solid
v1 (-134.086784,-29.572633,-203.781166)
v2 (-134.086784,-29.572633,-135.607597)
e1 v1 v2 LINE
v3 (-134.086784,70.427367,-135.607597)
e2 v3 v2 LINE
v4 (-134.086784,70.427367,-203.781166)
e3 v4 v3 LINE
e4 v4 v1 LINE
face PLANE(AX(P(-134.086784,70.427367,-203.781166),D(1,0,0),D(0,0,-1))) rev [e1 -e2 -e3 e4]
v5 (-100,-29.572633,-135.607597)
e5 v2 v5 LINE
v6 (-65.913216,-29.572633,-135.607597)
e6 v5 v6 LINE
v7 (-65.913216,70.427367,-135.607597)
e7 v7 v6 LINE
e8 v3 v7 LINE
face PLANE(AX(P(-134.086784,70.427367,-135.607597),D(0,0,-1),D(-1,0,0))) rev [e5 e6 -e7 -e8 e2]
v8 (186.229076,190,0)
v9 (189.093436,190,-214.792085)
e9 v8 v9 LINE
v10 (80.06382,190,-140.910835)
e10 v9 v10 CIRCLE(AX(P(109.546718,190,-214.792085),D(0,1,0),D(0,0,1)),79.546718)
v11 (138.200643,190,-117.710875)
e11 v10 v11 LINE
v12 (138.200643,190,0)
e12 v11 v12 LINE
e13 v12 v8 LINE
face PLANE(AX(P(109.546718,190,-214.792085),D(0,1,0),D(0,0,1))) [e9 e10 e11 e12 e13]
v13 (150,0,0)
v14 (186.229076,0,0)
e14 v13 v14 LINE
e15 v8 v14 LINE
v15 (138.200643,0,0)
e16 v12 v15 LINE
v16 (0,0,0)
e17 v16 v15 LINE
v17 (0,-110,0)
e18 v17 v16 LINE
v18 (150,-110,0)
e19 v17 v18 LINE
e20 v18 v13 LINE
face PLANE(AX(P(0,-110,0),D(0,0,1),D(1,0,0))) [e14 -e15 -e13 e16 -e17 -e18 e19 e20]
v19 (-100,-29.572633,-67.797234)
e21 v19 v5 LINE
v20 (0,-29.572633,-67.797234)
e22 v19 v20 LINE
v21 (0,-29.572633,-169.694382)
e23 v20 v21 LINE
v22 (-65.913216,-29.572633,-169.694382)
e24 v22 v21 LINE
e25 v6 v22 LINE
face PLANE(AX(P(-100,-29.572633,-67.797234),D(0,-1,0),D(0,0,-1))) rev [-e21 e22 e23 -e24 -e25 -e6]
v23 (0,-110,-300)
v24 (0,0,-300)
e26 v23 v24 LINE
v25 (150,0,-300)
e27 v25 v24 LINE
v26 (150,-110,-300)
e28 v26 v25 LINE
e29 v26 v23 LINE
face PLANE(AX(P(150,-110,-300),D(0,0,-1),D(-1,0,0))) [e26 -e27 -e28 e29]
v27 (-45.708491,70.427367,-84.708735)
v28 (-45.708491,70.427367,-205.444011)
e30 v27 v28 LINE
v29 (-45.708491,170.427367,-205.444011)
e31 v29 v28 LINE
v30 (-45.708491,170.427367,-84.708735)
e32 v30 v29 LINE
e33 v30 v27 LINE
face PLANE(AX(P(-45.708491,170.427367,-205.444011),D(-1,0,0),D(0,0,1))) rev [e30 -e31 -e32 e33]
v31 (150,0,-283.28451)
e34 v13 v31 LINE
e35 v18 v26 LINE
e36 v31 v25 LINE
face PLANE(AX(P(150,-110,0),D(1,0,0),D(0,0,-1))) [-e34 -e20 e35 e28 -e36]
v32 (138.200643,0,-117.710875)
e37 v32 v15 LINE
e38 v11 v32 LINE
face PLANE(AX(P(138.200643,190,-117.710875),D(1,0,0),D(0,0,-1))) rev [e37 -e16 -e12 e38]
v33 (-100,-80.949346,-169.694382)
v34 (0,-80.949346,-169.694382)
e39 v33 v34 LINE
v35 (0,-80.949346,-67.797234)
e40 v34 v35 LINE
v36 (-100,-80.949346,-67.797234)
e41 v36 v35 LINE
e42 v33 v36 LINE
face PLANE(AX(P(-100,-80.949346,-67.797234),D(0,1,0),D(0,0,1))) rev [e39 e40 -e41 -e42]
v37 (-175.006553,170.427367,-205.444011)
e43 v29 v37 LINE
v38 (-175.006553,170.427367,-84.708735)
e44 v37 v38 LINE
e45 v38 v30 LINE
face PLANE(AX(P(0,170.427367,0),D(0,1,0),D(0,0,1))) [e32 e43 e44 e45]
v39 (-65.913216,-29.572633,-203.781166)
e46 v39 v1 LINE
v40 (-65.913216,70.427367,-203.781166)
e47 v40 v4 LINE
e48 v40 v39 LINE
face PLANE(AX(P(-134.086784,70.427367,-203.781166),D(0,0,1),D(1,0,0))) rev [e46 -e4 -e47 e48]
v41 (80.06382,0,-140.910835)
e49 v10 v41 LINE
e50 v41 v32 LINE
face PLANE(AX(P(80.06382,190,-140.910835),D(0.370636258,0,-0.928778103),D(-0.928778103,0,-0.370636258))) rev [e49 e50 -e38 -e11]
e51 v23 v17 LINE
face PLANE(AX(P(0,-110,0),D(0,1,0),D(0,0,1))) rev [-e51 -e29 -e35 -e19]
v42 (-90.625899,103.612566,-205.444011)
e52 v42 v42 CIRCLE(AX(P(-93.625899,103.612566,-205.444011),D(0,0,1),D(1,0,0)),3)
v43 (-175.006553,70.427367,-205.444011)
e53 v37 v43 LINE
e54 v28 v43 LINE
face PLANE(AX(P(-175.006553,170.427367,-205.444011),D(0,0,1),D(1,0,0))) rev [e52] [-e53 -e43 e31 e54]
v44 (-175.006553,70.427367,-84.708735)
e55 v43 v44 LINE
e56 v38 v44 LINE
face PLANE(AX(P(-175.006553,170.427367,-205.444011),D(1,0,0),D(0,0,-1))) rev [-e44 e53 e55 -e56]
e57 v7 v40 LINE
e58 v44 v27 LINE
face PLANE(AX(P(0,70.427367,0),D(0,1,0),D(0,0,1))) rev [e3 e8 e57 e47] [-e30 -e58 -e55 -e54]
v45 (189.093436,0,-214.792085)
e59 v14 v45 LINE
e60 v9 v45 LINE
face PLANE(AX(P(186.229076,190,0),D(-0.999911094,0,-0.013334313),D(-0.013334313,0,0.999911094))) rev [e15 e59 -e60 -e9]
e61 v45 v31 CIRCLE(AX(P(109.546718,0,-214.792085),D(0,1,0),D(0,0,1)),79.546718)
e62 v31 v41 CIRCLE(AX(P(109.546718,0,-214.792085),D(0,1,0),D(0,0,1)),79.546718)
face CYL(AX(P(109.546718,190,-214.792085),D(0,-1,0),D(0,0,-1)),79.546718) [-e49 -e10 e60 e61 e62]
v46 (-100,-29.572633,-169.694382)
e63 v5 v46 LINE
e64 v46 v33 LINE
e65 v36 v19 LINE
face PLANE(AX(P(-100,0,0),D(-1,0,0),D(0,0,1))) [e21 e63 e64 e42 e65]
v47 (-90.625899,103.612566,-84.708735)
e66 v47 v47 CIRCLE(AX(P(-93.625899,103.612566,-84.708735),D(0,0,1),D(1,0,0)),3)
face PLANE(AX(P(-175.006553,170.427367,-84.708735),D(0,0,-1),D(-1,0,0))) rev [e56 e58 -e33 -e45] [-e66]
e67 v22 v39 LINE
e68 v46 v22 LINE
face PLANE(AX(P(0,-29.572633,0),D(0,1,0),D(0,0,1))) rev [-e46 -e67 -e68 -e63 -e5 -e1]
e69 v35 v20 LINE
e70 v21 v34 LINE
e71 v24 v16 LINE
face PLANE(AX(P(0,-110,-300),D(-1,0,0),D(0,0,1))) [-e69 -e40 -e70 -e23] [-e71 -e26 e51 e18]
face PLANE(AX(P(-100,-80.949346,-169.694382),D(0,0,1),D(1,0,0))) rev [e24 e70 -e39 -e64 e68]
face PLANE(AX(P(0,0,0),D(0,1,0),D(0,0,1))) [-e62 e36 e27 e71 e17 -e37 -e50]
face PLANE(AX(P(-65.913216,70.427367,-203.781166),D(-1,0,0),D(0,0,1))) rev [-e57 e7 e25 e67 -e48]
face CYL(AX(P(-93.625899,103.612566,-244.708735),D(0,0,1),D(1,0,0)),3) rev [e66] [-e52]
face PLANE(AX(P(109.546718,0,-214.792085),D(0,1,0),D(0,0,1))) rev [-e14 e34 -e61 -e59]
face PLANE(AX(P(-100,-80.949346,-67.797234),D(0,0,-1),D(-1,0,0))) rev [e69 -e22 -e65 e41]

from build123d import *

# Parameters (mm, degrees)
SKETCH1_W           = 150
SKETCH1_H           = 300
BOSS_EXTRUDE1_DEPTH = 110
BOSS_EXTRUDE2_DEPTH = 190
SKETCH3_W           = 101.897148024
SKETCH3_H           = 51.376713289
BOSS_EXTRUDE3_DEPTH = 100
SKETCH4_W           = 68.173568538
SKETCH4_H           = 68.173568538
BOSS_EXTRUDE4_DEPTH = 100
SKETCH5_W           = 129.298061779
SKETCH5_H           = 120.735276231
BOSS_EXTRUDE5_DEPTH = 100
SKETCH6_R           = 3
CUT_EXTRUDE1_DEPTH  = 160


with BuildPart() as part:
    # Sketch1 → Boss-Extrude1 (new body)
    with BuildSketch(Plane(origin=(0, 0, 0), x_dir=(1, 0, 0), z_dir=(0, 1, 0))):
        with Locations((75, 150)):
            Rectangle(SKETCH1_W, SKETCH1_H)
    extrude(amount=-BOSS_EXTRUDE1_DEPTH)

    # Sketch2 → Boss-Extrude2 (add)
    with BuildSketch(Plane(origin=(0, 0, 0), x_dir=(1, 0, 0), z_dir=(0, 1, 0))):
        with BuildLine():
            Line((80.063819978, 140.910835022), (138.200643085, 117.710875285))
            Line((138.200643085, 117.710875285), (138.200643085, 0))
            Line((138.200643085, 0), (186.229076195, 0))
            Line((186.229076195, 0), (189.093435683, 214.792084693))
            ThreePointArc((189.093435683, 214.792084693), (64.923783369, 280.6439946), (80.063819978, 140.910835022))
        make_face()
    extrude(amount=BOSS_EXTRUDE2_DEPTH)

    # Sketch3 → Boss-Extrude3 (add)
    with BuildSketch(Plane.ZY):
        with Locations((-118.745807749, -55.260989225)):
            Rectangle(SKETCH3_W, SKETCH3_H)
    extrude(amount=BOSS_EXTRUDE3_DEPTH)

    # Sketch4 → Boss-Extrude4 (add)
    with BuildSketch(Plane(origin=(0, -29.57263258, 0), x_dir=(1, 0, 0), z_dir=(0, 1, 0))):
        with Locations((-100, 169.694381761)):
            Rectangle(SKETCH4_W, SKETCH4_H)
    extrude(amount=BOSS_EXTRUDE4_DEPTH)

    # Sketch5 → Boss-Extrude5 (add)
    with BuildSketch(Plane(origin=(0, 70.42736742, 0), x_dir=(1, 0, 0), z_dir=(0, 1, 0))):
        with Locations((-110.357521621, 145.07637331)):
            Rectangle(SKETCH5_W, SKETCH5_H)
    extrude(amount=BOSS_EXTRUDE5_DEPTH)

    # Sketch6 → Cut-Extrude1 (cut)
    with BuildSketch(Plane.XY.offset(-84.708735194)):
        with Locations((-93.625898684, 103.612565913)):
            Circle(SKETCH6_R)
    extrude(amount=-CUT_EXTRUDE1_DEPTH, mode=Mode.SUBTRACT)


solid = part.part
